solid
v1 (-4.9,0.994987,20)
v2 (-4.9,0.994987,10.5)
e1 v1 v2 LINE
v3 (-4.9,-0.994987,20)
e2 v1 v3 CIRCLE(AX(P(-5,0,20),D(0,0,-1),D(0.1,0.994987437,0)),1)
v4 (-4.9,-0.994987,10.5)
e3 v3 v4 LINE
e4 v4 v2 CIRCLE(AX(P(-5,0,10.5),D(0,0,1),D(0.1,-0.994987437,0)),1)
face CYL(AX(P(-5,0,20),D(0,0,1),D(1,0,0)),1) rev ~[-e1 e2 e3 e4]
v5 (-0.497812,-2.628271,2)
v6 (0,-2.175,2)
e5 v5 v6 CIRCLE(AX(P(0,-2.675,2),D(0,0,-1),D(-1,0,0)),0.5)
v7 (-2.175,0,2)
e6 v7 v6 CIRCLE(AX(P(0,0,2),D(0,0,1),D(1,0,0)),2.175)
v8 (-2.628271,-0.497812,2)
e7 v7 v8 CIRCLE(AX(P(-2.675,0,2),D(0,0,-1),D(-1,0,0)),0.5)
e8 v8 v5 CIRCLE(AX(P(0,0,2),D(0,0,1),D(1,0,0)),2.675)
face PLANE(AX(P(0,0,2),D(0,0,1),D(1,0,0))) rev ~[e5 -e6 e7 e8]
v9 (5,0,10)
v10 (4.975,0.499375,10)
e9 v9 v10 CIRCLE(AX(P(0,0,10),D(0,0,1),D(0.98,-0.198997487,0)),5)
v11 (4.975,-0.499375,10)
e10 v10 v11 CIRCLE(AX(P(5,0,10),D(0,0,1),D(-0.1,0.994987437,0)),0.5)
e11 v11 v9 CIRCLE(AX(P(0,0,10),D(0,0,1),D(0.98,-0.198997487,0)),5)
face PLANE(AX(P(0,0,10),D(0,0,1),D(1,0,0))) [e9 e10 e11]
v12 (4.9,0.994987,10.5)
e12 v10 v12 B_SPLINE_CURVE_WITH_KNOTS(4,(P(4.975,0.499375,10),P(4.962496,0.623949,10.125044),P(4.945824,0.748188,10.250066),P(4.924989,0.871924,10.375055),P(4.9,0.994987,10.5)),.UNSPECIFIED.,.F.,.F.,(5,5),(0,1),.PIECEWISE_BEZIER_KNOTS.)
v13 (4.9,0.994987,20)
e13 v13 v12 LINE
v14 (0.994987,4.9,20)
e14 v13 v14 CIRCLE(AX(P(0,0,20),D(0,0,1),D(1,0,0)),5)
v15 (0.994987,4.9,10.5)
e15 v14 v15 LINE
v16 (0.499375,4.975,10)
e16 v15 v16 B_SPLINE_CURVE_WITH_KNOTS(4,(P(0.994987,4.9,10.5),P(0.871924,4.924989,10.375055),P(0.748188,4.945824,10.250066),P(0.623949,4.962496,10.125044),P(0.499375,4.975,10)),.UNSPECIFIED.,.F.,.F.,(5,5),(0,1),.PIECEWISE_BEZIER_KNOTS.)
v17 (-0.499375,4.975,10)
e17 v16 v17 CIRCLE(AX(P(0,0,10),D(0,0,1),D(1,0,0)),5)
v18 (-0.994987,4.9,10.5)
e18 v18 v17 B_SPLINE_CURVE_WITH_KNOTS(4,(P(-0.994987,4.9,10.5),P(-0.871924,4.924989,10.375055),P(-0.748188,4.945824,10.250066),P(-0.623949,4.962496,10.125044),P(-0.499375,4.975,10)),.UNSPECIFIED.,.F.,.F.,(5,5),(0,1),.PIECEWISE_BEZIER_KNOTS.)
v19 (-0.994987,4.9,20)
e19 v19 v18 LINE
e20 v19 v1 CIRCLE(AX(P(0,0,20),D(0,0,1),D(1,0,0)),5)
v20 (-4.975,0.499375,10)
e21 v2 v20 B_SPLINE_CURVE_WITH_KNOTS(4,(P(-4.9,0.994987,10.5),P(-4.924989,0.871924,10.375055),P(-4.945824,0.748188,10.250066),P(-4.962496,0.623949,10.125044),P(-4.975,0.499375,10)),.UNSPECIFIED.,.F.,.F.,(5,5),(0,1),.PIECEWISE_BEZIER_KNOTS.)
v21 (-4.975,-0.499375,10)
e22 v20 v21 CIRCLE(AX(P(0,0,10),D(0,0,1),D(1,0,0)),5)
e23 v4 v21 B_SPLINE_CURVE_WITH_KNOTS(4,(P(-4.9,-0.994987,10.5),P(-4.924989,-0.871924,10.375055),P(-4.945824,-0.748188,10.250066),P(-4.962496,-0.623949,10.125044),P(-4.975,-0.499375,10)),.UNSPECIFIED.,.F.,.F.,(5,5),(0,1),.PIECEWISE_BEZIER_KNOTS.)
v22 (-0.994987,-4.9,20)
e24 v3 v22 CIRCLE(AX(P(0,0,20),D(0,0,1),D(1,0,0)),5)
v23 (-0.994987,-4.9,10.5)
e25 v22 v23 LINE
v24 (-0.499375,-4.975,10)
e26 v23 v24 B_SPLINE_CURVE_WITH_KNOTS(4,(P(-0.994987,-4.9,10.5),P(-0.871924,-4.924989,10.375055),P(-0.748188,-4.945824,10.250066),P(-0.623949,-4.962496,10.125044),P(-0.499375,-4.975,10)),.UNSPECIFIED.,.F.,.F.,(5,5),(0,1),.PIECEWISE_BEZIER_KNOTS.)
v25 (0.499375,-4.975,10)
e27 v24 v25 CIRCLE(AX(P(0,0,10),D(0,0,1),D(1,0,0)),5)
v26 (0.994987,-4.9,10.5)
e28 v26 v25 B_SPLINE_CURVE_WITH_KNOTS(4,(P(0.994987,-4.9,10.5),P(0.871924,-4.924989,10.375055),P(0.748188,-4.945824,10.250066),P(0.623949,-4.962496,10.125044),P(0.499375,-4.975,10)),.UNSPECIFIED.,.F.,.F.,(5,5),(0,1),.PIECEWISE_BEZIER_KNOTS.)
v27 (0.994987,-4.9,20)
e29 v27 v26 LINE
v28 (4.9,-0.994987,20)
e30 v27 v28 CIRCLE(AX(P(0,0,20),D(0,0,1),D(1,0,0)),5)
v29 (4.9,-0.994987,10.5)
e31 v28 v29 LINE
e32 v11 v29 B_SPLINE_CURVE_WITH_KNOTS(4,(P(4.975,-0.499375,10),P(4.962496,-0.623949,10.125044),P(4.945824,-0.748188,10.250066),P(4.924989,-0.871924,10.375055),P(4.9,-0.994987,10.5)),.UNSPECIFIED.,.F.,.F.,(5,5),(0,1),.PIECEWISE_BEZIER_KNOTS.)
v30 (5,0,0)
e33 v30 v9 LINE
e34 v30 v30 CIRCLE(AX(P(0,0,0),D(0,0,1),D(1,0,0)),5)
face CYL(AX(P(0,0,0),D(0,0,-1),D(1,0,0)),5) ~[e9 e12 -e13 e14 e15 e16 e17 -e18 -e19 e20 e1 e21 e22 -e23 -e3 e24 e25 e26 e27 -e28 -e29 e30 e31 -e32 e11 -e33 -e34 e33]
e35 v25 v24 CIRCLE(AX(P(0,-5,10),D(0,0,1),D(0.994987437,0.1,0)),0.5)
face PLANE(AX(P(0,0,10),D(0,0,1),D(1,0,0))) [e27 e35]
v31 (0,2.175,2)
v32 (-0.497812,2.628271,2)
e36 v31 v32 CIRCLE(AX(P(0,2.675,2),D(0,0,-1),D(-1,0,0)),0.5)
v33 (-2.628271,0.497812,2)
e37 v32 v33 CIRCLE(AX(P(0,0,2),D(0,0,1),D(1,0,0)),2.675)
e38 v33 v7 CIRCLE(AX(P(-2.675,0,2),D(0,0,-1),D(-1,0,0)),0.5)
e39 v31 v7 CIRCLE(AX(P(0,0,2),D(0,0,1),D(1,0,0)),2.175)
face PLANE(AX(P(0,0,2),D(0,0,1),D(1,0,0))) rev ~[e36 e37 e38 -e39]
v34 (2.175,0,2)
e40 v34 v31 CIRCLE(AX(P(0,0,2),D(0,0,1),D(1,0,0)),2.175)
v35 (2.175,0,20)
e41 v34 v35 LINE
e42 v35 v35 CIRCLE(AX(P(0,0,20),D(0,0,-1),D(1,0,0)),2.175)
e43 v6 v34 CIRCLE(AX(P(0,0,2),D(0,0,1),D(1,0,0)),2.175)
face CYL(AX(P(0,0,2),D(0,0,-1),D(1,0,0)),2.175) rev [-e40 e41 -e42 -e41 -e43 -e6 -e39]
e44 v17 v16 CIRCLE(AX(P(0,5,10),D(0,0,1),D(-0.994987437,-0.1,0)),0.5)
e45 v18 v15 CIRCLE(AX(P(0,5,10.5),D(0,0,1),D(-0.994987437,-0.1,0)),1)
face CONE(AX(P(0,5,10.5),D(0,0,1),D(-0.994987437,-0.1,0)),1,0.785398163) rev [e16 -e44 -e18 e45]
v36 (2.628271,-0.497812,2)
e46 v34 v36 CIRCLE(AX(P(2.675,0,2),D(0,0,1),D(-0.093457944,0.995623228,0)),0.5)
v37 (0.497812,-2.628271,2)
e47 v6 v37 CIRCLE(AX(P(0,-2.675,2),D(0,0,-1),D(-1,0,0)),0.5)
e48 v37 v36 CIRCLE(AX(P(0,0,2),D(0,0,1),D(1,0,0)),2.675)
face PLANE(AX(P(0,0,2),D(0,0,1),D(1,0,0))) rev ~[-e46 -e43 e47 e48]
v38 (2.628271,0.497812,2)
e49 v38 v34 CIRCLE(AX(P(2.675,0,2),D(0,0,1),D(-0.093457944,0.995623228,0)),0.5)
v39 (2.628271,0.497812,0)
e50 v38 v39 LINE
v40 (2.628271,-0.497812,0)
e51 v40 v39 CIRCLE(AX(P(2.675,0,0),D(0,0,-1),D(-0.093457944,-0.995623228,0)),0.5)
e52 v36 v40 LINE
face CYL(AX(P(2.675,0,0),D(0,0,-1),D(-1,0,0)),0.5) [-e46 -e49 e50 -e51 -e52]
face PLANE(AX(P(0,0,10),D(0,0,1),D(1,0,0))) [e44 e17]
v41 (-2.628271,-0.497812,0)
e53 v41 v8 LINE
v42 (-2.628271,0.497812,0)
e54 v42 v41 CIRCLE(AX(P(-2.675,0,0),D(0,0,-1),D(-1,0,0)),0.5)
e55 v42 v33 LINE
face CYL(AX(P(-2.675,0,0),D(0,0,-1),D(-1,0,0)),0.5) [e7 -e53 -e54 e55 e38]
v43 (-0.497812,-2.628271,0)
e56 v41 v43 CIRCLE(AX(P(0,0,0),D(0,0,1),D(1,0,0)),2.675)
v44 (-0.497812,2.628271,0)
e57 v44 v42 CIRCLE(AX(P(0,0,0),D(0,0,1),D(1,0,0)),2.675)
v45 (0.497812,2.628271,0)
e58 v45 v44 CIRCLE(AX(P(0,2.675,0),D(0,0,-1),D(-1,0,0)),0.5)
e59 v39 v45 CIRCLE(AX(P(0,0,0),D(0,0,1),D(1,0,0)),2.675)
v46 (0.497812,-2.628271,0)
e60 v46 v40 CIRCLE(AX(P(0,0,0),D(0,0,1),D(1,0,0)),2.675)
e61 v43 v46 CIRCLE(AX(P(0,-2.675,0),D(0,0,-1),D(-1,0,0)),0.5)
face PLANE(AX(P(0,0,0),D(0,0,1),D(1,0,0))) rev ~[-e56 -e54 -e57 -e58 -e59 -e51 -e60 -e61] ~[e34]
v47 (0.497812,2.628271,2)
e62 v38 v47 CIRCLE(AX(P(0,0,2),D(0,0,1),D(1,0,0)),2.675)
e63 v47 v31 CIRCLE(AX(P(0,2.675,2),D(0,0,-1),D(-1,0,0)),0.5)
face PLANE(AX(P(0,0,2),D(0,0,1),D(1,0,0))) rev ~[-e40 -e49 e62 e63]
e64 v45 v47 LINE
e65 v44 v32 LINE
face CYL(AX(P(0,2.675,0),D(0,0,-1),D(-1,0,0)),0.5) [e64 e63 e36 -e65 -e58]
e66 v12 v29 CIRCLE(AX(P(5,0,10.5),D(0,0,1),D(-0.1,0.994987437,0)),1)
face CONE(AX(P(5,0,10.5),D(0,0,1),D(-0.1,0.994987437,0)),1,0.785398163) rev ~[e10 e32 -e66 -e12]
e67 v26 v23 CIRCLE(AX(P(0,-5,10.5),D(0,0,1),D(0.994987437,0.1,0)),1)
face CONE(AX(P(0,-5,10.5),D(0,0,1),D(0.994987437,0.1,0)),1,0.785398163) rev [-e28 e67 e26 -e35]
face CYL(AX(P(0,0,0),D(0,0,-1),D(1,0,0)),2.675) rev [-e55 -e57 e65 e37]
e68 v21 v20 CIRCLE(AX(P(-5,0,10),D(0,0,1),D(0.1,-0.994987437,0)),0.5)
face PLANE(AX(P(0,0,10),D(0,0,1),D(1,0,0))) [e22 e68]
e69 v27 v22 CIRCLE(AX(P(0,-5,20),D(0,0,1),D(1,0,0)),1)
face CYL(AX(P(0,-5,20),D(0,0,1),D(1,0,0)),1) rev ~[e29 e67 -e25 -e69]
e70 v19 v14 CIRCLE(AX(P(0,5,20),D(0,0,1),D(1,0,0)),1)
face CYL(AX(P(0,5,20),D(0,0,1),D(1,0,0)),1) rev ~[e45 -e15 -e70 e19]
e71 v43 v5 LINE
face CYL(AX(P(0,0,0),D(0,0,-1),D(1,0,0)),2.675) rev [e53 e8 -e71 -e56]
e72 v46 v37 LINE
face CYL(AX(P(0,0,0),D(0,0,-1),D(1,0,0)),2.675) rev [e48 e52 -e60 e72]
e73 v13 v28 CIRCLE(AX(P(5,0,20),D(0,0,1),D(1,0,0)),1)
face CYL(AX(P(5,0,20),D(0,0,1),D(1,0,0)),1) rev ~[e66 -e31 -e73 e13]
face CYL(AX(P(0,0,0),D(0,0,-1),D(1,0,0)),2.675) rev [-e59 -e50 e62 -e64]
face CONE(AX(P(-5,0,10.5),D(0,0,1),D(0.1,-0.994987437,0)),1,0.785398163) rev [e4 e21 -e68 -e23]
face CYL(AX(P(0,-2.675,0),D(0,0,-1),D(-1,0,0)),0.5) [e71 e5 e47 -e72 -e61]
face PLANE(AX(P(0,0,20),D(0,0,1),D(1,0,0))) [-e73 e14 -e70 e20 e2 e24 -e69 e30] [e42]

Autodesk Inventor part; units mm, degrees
ref_plane "YZ Plane" through (0, 0, 0) normal (1, 0, 0) x (0, 1, 0)
ref_plane "XZ Plane" through (0, 0, 0) normal (0, 1, 0) x (-1, 0, 0)
ref_plane "XY Plane" through (0, 0, 0) normal (0, 0, 1) x (1, 0, 0)
sketch "Skizze1" plane through (0, 0, 0) normal (0, 0, 1) x (1, 0, 0)
  circle A0 centre (0, 0) radius 2.675
  circle A1 centre (0, 0) radius 5
  dimension "d0" = 5.35
  dimension "d3" = 10
extrude "Extrusion1" add sketch "Skizze1" along normal blind 20
sketch "Skizze2" plane through (0, 0, 0) normal (0, 0, -1) x (-1, 0, 0)
  circle A0 centre (0, 0) radius 2.675 projected
  circle A1 centre (2.675, 0) radius 0.5
  circle A2 centre (0, 2.675) radius 0.5
  circle A3 centre (-2.675, 0) radius 0.5
  circle A4 centre (0, -2.675) radius 0.5
  point P0 (0.4978, -2.6283)
  point P1 (-0.4978, -2.6283)
  point P2 (2.6283, 0.4978)
  point P3 (2.6283, -0.4978)
  point P4 (-0.4978, 2.6283)
  point P5 (0.4978, 2.6283)
  dimension "d4" = 1
  dimension "d7" = 360
extrude "Extrusion2" add sketch "Skizze2" against normal blind 2 contours A0 A1 | A2 A0 | A0 A4 | A3 A0 | A0 A3 picked at (2.5116, 0.0962) picked at (0, 2.5049) picked at (0, -2.5049)
sketch "Skizze3" plane through (0, 0, 2) normal (0, 0, 1) x (1, 0, 0)
  circle A0 centre (0, 0) radius 2.675 projected
  circle A1 centre (0, 0) radius 2.175
  arc A2 (-2.6283, -0.4978) -> (-2.6283, 0.4978) centre (-2.675, 0) ccw projected
extrude "Extrusion3" add sketch "Skizze3" along normal up to surface (18 mm away)
sketch "Skizze4" plane through (0, 0, 20) normal (0, 0, 1) x (1, 0, 0)
  circle A0 centre (0, 0) radius 5 projected
  circle A1 centre (0, -5) radius 1
  circle A2 centre (5, 0) radius 1
  circle A3 centre (0, 5) radius 1
  circle A4 centre (-5, 0) radius 1
  point P0 (-0.995, 4.9)
  point P1 (0.995, 4.9)
  point P2 (4.9, 0.995)
  point P3 (4.9, -0.995)
  point P4 (0.995, -4.9)
  point P5 (-0.995, -4.9)
  point P6 (-4.9, -0.995)
  point P7 (-4.9, 0.995)
  dimension "d28" = 2
  dimension "d31" = 360
extrude "Extrusion4" cut sketch "Skizze4" against normal blind 10 contours A0 A2 | A3 A0 | A0 A1 | A4 A0 picked at (4.6729, -0.1921) picked at (0, 4.6592) picked at (0, -4.6592) picked at (-4.6592, 0)
chamfer "Fase6" distance 0.5 angle 45 4 edges at (0, 4, 10) (4, 0, 10) (0, -4, 10) (-4, 0, 10)
properties part number "Raspberry Pi Camera v.1 Focus Tool"
